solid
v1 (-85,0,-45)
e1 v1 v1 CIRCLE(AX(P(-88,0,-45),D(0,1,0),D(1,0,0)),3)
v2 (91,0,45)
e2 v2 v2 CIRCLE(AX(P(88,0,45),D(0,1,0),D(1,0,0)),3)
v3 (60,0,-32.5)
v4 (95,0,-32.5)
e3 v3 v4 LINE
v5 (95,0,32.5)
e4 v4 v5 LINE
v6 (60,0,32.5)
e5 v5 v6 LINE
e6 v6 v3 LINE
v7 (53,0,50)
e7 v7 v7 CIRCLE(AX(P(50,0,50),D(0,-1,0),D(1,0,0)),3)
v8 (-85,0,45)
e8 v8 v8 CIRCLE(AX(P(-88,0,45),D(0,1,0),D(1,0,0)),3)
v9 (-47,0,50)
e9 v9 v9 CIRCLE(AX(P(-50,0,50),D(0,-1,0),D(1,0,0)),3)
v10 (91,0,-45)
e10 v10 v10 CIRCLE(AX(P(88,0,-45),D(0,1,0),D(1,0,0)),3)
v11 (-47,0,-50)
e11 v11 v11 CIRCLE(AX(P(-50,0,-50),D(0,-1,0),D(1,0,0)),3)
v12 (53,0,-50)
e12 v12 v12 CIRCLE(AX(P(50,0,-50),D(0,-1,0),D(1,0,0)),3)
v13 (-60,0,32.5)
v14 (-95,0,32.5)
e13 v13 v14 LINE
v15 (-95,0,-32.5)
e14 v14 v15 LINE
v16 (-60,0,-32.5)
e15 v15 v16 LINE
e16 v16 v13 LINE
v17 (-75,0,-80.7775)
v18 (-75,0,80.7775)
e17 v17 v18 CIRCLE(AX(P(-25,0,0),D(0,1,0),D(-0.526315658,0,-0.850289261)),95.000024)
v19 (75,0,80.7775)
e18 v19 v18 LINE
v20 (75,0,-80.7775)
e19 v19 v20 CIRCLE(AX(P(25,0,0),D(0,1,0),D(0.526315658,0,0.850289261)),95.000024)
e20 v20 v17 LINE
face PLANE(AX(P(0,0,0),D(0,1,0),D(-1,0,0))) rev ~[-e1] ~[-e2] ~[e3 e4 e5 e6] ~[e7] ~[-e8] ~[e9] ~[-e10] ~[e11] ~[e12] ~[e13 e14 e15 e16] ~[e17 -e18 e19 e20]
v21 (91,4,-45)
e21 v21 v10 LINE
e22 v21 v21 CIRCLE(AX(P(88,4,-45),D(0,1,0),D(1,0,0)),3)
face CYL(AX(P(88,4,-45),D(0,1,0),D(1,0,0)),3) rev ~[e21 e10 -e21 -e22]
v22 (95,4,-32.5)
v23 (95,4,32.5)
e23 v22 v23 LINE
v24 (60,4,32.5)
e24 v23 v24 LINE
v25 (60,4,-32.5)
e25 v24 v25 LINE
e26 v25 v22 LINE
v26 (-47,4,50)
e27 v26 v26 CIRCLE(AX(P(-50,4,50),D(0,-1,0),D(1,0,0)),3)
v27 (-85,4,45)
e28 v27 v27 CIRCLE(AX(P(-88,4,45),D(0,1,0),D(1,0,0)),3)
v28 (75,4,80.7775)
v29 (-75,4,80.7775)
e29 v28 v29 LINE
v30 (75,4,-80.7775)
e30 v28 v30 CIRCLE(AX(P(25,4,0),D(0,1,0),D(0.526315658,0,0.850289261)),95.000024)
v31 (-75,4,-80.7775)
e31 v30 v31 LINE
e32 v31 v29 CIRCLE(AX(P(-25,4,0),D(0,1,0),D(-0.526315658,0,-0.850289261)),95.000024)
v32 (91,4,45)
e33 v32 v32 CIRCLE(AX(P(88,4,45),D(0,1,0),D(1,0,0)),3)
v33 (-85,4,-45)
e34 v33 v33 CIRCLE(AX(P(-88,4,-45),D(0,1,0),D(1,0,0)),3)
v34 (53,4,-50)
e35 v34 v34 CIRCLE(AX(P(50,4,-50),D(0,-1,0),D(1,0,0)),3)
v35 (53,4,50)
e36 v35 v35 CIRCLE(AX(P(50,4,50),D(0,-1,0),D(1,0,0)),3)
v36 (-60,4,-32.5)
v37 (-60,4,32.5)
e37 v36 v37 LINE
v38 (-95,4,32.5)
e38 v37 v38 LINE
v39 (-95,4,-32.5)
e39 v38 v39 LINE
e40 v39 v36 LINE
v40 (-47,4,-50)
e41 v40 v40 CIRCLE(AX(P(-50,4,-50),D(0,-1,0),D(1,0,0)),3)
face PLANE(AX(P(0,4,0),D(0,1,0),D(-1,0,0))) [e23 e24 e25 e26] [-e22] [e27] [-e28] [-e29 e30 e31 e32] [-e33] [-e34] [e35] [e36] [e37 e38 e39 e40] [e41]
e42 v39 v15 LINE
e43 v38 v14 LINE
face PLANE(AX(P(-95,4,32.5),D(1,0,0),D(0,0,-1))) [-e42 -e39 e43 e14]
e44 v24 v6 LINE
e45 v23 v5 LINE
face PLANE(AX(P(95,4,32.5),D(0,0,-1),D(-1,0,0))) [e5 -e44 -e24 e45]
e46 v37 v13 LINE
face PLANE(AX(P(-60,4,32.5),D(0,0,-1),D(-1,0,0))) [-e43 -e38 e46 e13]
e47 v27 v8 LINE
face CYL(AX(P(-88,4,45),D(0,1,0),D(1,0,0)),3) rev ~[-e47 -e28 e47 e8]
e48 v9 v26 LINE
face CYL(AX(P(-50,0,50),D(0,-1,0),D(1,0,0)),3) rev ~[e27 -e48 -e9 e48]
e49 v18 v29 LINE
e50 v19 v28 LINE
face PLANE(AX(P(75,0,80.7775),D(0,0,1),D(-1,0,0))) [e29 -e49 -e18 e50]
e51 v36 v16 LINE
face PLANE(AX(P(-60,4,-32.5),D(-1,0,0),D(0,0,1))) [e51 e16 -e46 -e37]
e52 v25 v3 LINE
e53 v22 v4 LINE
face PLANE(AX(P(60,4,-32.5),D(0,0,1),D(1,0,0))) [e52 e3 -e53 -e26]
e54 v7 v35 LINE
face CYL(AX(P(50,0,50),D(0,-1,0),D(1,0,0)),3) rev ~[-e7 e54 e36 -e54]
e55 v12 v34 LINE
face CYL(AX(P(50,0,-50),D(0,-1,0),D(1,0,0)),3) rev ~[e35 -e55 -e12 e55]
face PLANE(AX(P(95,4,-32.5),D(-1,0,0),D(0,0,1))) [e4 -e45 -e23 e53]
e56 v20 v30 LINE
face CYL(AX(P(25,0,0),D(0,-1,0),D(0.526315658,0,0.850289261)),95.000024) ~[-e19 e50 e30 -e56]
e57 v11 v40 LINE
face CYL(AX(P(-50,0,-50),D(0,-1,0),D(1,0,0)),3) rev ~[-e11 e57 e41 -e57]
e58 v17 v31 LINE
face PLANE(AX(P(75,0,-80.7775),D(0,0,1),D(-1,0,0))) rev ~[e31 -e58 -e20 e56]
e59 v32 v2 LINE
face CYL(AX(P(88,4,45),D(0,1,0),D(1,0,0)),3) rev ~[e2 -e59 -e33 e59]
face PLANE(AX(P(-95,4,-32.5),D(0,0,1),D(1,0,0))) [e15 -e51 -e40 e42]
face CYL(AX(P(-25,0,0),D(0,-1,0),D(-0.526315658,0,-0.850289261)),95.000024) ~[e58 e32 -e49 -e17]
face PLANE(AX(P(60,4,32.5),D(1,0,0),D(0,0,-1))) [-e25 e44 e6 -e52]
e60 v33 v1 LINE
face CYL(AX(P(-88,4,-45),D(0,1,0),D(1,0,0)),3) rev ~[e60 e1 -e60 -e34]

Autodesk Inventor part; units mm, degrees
ref_plane "YZ Plane" through (0, 0, 0) normal (1, 0, 0) x (0, 1, 0)
ref_plane "XZ Plane" through (0, 0, 0) normal (0, 1, 0) x (-1, 0, 0)
ref_plane "XY Plane" through (0, 0, 0) normal (0, 0, 1) x (1, 0, 0)
sketch "Esquisse1" plane through (0, 0, 0) normal (0, 1, 0) x (-1, 0, 0)
  circle A0 centre (0, 0) radius 25 construction
  line L0 (-25, 0) -> (25, 0) construction
  arc A1 (-75, -80.7775) -> (-75, 80.7775) centre (-25, 0) ccw construction
  arc A2 (75, 80.7775) -> (75, -80.7775) centre (25, 0) ccw construction
  line L1 (0, 25) -> (0, 0) construction
  line L2 (-75, 80.7775) -> (75, 80.7775)
  line L3 (-75, -80.7775) -> (75, -80.7775)
  arc A3 (75, -80.7775) -> (75, 80.7775) centre (25, 0) ccw
  arc A4 (-75, 80.7775) -> (-75, -80.7775) centre (-25, 0) ccw
  dimension "d0" = 50
  dimension "d1" = 190
  dimension "d2" = 150
extrude "Extrusion1" add sketch "Esquisse1" along normal blind 4
sketch "Esquisse2" plane through (0, 4, 0) normal (0, 1, 0) x (1, 0, 0)
  line L0 (75, 80.7775) -> (-75, 80.7775) projected
  arc A0 (-75, 80.7775) -> (-75, -80.7775) centre (-25, 0) ccw projected
  line L1 (-95, 32.5) -> (-60, 32.5)
  line L2 (-60, 32.5) -> (-60, -32.5)
  line L3 (-60, -32.5) -> (-95, -32.5)
  line L4 (-95, -32.5) -> (-95, 32.5)
  line L5 (60, 32.5) -> (95, 32.5)
  line L6 (95, 32.5) -> (95, -32.5)
  line L7 (95, -32.5) -> (60, -32.5)
  line L8 (60, -32.5) -> (60, 32.5)
  line L9 (0, 0) -> (0, 80.7775) construction
  line L10 (0, 0) -> (-120, 0) construction
  dimension "d5" = 35
  dimension "d6" = 60
  dimension "d7" = 65
extrude "Extrusion2" cut sketch "Esquisse2" against normal through all
sketch "Esquisse3" plane through (0, 4, 0) normal (0, 1, 0) x (1, 0, 0)
  line L0 (75, 80.7775) -> (-75, 80.7775) projected
  circle A0 centre (-88, 45) radius 3
  circle A1 centre (-88, -45) radius 3
  line L1 (-88, -45) -> (-88, 45) construction
  line L2 (0, 0) -> (-88, 0) construction
  line L3 (0, 0) -> (0, 80.7775) construction
  circle A2 centre (88, 45) radius 3
  circle A3 centre (88, -45) radius 3
  dimension "d10" = 88
  dimension "d11" = 6
  dimension "d12" = 90
extrude "Extrusion3" cut sketch "Esquisse3" against normal through all
sketch "Esquisse4" plane through (0, 0, 0) normal (0, -1, 0) x (1, 0, 0)
  line L0 (-50, 50) -> (50, 50) construction
  line L1 (50, 50) -> (50, -50) construction
  line L2 (50, -50) -> (-50, -50) construction
  line L3 (-50, -50) -> (-50, 50) construction
  circle A0 centre (-50, 50) radius 3
  circle A1 centre (50, 50) radius 3
  circle A2 centre (50, -50) radius 3
  circle A3 centre (-50, -50) radius 3
  line L4 (75, 80.7775) -> (-75, 80.7775) projected
  point P0 (0, 0)
  dimension "d15" = 100
  dimension "d16" = 100
  dimension "d17" = 50
  dimension "d18" = 50
  dimension "d19" = 6
  dimension "d20" = 6
  dimension "d21" = 6
  dimension "d22" = 6
  dimension "d25" = 30.7775
extrude "Extrusion4" cut sketch "Esquisse4" against normal through all
equation "\"d17\" = 0.5 * d16"
equation "\"d18\" = 0.5 * d15"
equation "\"d20\" = d19"
equation "\"d21\" = d19"
equation "\"d22\" = d19"
properties part number "base"
